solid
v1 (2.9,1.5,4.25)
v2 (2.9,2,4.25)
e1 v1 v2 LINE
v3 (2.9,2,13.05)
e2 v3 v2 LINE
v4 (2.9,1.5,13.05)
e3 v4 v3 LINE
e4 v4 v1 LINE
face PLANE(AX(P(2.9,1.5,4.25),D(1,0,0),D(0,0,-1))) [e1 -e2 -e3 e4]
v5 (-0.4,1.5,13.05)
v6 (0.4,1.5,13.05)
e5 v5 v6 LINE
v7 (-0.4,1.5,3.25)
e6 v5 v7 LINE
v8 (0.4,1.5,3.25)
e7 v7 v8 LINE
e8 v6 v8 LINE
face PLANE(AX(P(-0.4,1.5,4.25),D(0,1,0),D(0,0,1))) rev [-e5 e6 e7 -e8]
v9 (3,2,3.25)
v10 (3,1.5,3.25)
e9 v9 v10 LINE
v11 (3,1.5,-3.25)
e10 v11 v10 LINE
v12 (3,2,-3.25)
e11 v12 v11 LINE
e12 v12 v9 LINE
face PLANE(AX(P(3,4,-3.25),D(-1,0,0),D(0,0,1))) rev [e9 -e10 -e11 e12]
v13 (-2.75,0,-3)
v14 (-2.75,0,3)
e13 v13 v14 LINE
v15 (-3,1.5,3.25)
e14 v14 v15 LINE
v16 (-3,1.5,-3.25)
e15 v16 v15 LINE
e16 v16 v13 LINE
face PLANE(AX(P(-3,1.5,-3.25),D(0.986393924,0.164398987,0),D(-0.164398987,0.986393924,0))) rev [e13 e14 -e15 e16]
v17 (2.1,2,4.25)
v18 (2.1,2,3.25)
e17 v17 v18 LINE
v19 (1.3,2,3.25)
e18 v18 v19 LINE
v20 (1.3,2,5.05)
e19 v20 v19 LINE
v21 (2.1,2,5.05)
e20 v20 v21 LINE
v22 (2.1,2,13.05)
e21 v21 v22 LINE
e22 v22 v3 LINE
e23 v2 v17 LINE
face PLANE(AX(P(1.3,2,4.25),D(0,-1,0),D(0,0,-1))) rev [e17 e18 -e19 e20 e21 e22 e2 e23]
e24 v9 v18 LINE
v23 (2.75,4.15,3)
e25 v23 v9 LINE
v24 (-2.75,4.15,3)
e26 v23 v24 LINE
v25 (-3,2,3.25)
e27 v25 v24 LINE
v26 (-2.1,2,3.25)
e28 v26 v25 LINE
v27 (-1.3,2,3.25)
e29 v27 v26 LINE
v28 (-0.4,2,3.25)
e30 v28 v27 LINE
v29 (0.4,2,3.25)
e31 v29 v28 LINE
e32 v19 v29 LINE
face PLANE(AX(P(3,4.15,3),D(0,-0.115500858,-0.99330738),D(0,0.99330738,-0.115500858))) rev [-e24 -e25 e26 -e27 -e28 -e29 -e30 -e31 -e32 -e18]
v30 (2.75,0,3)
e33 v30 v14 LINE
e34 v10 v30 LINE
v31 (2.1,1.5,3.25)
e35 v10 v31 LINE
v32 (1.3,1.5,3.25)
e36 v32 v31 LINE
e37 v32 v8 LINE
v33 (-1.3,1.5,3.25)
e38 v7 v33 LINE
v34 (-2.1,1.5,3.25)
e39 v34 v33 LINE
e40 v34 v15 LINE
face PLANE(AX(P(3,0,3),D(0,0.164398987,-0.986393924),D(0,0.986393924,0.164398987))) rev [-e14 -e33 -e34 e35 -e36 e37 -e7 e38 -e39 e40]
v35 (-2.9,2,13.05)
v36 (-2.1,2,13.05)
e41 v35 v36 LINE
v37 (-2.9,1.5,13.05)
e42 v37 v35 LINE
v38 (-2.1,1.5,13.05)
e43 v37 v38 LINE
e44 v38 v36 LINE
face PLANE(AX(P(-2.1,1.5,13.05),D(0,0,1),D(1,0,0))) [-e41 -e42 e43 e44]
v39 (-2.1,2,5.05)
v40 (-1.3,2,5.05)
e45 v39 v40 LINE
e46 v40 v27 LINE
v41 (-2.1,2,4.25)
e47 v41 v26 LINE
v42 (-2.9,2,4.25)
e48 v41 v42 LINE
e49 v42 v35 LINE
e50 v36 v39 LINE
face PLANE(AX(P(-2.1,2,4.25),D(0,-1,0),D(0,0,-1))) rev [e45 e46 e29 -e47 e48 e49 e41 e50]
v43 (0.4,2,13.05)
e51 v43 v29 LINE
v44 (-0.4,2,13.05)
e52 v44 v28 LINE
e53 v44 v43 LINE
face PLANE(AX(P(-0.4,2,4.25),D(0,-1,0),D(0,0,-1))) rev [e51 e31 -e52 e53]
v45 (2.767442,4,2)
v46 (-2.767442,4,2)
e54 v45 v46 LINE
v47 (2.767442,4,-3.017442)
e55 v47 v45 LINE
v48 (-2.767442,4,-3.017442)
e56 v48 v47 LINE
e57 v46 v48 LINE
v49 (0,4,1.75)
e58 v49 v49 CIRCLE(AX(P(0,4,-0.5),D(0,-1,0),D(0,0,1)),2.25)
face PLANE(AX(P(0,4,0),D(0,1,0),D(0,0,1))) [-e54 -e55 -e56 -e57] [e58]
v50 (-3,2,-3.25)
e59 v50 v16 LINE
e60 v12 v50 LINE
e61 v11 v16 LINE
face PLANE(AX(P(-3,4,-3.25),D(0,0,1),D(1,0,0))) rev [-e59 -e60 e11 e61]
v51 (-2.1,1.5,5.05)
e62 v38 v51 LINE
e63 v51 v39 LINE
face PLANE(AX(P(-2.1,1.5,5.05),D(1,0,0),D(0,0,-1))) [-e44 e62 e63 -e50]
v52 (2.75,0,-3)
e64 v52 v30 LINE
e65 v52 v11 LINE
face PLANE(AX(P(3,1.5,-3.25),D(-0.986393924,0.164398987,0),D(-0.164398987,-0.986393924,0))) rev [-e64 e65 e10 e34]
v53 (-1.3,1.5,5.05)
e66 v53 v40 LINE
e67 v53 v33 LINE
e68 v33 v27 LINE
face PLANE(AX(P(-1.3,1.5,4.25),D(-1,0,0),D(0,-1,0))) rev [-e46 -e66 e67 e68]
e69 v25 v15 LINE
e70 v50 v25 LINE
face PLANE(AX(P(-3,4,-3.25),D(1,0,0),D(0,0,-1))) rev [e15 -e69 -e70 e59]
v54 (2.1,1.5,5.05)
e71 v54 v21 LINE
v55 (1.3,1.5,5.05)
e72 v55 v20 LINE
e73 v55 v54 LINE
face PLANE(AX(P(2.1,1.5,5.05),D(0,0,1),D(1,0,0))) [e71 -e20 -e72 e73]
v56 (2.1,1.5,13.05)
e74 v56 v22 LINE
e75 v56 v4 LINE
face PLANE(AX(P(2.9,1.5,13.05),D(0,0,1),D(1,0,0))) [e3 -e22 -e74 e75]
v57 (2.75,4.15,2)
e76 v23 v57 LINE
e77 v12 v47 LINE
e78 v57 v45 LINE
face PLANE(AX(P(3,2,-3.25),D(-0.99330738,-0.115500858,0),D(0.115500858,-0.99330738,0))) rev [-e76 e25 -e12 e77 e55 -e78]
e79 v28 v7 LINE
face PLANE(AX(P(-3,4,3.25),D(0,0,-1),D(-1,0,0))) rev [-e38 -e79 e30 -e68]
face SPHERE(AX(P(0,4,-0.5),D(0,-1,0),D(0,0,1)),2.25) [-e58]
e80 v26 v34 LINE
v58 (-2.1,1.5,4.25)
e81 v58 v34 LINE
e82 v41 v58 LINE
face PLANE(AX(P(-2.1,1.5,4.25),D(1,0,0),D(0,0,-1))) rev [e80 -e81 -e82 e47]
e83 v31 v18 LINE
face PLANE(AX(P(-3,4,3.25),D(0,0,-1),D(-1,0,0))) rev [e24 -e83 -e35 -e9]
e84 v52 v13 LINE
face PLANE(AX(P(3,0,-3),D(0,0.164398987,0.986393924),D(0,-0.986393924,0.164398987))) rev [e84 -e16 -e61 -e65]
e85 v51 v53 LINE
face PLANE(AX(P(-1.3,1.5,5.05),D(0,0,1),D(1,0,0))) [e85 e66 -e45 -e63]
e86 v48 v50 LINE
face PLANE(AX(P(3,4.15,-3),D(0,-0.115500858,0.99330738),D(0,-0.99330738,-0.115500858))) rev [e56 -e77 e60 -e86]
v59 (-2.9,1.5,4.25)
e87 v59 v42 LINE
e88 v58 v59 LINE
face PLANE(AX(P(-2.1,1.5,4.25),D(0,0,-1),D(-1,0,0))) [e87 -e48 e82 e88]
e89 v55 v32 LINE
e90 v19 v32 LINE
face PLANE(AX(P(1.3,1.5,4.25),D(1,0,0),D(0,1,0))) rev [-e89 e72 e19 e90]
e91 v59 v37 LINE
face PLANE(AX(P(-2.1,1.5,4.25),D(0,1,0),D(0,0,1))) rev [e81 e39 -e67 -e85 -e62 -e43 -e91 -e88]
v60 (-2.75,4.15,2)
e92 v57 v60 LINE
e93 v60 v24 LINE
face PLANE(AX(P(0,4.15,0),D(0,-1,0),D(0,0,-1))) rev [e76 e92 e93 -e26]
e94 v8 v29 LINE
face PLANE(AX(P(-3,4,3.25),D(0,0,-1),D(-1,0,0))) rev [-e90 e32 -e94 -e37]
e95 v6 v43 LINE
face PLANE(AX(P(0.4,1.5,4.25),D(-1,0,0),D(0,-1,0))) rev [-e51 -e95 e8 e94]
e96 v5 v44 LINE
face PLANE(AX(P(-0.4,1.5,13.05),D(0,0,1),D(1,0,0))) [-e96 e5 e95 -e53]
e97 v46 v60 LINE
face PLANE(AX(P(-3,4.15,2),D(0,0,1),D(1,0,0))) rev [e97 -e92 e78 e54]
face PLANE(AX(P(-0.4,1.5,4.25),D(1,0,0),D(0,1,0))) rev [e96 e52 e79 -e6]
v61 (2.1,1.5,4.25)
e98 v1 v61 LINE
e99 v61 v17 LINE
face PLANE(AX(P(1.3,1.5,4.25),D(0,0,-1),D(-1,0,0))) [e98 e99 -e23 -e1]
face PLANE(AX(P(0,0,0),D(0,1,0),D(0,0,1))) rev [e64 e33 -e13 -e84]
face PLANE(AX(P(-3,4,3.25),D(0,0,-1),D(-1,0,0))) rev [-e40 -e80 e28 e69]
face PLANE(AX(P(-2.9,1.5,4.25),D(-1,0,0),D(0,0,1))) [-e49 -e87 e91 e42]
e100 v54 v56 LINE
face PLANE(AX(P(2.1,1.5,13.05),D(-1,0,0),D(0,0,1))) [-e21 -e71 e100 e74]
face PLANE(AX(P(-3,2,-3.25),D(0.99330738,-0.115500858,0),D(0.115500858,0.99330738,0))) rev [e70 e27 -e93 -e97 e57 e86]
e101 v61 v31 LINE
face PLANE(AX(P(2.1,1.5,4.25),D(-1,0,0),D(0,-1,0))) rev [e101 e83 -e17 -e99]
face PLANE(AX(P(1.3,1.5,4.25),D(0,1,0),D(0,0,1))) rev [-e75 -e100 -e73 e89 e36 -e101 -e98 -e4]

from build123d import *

# Parameters (mm, degrees)
SKETCH1_W           = 6
SKETCH1_H           = 6.5
BOSS_EXTRUDE1_DEPTH = 4
SKETCH2_W           = 0.8
SKETCH2_H           = 0.5
BOSS_EXTRUDE2_DEPTH = 1
SKETCH3_W           = 0.8
SKETCH3_H           = 8.8
BOSS_EXTRUDE3_DEPTH = 0.5
REVOLVE1_ANGLE      = 180
SKETCH5_W           = 6
SKETCH5_H           = 1.25
BOSS_EXTRUDE4_DEPTH = 0.15
CUT_EXTRUDE1_DEPTH  = 13.004270074
CUT_EXTRUDE2_DEPTH  = 16.664131


with BuildPart() as part:
    # Sketch1 → Boss-Extrude1 (new body)
    with BuildSketch(Plane(origin=(0, 0, 0), x_dir=(1, 0, 0), z_dir=(0, 1, 0))):
        Rectangle(SKETCH1_W, SKETCH1_H)
    extrude(amount=BOSS_EXTRUDE1_DEPTH)

    # Sketch2 → Boss-Extrude2 (add)
    with BuildSketch(Plane.XY.offset(3.25)):
        with Locations((-1.7, 1.75)):
            Rectangle(SKETCH2_W, SKETCH2_H)
        with Locations((0, 1.75)):
            Rectangle(SKETCH2_W, SKETCH2_H)
        with Locations((1.7, 1.75)):
            Rectangle(SKETCH2_W, SKETCH2_H)
    extrude(amount=BOSS_EXTRUDE2_DEPTH)

    # Sketch3 → Boss-Extrude3 (add)
    with BuildSketch(Plane(origin=(0, 2, 0), x_dir=(1, 0, 0), z_dir=(0, 1, 0))):
        Polygon((-1.3, -4.25), (-1.3, -5.05), (-2.1, -5.05), (-2.1, -13.05), (-2.9, -13.05), (-2.9, -4.25), (-2.1, -4.25), align=None)
        with Locations((0, -8.65)):
            Rectangle(SKETCH3_W, SKETCH3_H)
        Polygon((1.3, -4.25), (2.9, -4.25), (2.9, -13.05), (2.1, -13.05), (2.1, -5.05), (1.3, -5.05), align=None)
    extrude(amount=-BOSS_EXTRUDE3_DEPTH)

    # Sketch4 → Revolve1 (revolve)
    with BuildSketch(Plane(origin=(0, 4, 0), x_dir=(1, 0, 0), z_dir=(0, 1, 0))):
        with BuildLine():
            Line((0, 2.75), (0, -1.75))
            ThreePointArc((0, -1.75), (-2.25, 0.5), (0, 2.75))
        make_face()
    revolve(axis=Axis((0, 4, -2.75), (0, 0, -1)), revolution_arc=REVOLVE1_ANGLE)

    # Sketch5 → Boss-Extrude4 (add)
    with BuildSketch(Plane(origin=(0, 4, 0), x_dir=(1, 0, 0), z_dir=(0, 1, 0))):
        with Locations((0, -2.625)):
            Rectangle(SKETCH5_W, SKETCH5_H)
    extrude(amount=BOSS_EXTRUDE4_DEPTH)

    # Sketch6 → Cut-Extrude1 (cut, through all)
    with BuildSketch(Plane.XY.offset(3.25)):
        Polygon((-3, 2), (-2.75, 4.15), (-3, 4.15), align=None)
        Polygon((-3, 1.5), (-2.75, 0), (-3, 0), align=None)
        Polygon((3, 0), (3, 1.5), (2.75, 0), align=None)
        Polygon((3, 4.15), (3, 2), (2.75, 4.15), align=None)
    extrude(amount=-CUT_EXTRUDE1_DEPTH, mode=Mode.SUBTRACT)

    # Sketch7 → Cut-Extrude2 (cut, through all)
    with BuildSketch(Plane.ZY.offset(3)):
        Polygon((3.25, 2), (3.25, 4.15), (3, 4.15), align=None)
        Polygon((3.25, 1.5), (3.25, 0), (3, 0), align=None)
        Polygon((-3, 0), (-3.25, 1.5), (-3.25, 0), align=None)
        Polygon((-3, 4.15), (-3.25, 2), (-3.25, 4.15), align=None)
    extrude(amount=-CUT_EXTRUDE2_DEPTH, mode=Mode.SUBTRACT)


solid = part.part
